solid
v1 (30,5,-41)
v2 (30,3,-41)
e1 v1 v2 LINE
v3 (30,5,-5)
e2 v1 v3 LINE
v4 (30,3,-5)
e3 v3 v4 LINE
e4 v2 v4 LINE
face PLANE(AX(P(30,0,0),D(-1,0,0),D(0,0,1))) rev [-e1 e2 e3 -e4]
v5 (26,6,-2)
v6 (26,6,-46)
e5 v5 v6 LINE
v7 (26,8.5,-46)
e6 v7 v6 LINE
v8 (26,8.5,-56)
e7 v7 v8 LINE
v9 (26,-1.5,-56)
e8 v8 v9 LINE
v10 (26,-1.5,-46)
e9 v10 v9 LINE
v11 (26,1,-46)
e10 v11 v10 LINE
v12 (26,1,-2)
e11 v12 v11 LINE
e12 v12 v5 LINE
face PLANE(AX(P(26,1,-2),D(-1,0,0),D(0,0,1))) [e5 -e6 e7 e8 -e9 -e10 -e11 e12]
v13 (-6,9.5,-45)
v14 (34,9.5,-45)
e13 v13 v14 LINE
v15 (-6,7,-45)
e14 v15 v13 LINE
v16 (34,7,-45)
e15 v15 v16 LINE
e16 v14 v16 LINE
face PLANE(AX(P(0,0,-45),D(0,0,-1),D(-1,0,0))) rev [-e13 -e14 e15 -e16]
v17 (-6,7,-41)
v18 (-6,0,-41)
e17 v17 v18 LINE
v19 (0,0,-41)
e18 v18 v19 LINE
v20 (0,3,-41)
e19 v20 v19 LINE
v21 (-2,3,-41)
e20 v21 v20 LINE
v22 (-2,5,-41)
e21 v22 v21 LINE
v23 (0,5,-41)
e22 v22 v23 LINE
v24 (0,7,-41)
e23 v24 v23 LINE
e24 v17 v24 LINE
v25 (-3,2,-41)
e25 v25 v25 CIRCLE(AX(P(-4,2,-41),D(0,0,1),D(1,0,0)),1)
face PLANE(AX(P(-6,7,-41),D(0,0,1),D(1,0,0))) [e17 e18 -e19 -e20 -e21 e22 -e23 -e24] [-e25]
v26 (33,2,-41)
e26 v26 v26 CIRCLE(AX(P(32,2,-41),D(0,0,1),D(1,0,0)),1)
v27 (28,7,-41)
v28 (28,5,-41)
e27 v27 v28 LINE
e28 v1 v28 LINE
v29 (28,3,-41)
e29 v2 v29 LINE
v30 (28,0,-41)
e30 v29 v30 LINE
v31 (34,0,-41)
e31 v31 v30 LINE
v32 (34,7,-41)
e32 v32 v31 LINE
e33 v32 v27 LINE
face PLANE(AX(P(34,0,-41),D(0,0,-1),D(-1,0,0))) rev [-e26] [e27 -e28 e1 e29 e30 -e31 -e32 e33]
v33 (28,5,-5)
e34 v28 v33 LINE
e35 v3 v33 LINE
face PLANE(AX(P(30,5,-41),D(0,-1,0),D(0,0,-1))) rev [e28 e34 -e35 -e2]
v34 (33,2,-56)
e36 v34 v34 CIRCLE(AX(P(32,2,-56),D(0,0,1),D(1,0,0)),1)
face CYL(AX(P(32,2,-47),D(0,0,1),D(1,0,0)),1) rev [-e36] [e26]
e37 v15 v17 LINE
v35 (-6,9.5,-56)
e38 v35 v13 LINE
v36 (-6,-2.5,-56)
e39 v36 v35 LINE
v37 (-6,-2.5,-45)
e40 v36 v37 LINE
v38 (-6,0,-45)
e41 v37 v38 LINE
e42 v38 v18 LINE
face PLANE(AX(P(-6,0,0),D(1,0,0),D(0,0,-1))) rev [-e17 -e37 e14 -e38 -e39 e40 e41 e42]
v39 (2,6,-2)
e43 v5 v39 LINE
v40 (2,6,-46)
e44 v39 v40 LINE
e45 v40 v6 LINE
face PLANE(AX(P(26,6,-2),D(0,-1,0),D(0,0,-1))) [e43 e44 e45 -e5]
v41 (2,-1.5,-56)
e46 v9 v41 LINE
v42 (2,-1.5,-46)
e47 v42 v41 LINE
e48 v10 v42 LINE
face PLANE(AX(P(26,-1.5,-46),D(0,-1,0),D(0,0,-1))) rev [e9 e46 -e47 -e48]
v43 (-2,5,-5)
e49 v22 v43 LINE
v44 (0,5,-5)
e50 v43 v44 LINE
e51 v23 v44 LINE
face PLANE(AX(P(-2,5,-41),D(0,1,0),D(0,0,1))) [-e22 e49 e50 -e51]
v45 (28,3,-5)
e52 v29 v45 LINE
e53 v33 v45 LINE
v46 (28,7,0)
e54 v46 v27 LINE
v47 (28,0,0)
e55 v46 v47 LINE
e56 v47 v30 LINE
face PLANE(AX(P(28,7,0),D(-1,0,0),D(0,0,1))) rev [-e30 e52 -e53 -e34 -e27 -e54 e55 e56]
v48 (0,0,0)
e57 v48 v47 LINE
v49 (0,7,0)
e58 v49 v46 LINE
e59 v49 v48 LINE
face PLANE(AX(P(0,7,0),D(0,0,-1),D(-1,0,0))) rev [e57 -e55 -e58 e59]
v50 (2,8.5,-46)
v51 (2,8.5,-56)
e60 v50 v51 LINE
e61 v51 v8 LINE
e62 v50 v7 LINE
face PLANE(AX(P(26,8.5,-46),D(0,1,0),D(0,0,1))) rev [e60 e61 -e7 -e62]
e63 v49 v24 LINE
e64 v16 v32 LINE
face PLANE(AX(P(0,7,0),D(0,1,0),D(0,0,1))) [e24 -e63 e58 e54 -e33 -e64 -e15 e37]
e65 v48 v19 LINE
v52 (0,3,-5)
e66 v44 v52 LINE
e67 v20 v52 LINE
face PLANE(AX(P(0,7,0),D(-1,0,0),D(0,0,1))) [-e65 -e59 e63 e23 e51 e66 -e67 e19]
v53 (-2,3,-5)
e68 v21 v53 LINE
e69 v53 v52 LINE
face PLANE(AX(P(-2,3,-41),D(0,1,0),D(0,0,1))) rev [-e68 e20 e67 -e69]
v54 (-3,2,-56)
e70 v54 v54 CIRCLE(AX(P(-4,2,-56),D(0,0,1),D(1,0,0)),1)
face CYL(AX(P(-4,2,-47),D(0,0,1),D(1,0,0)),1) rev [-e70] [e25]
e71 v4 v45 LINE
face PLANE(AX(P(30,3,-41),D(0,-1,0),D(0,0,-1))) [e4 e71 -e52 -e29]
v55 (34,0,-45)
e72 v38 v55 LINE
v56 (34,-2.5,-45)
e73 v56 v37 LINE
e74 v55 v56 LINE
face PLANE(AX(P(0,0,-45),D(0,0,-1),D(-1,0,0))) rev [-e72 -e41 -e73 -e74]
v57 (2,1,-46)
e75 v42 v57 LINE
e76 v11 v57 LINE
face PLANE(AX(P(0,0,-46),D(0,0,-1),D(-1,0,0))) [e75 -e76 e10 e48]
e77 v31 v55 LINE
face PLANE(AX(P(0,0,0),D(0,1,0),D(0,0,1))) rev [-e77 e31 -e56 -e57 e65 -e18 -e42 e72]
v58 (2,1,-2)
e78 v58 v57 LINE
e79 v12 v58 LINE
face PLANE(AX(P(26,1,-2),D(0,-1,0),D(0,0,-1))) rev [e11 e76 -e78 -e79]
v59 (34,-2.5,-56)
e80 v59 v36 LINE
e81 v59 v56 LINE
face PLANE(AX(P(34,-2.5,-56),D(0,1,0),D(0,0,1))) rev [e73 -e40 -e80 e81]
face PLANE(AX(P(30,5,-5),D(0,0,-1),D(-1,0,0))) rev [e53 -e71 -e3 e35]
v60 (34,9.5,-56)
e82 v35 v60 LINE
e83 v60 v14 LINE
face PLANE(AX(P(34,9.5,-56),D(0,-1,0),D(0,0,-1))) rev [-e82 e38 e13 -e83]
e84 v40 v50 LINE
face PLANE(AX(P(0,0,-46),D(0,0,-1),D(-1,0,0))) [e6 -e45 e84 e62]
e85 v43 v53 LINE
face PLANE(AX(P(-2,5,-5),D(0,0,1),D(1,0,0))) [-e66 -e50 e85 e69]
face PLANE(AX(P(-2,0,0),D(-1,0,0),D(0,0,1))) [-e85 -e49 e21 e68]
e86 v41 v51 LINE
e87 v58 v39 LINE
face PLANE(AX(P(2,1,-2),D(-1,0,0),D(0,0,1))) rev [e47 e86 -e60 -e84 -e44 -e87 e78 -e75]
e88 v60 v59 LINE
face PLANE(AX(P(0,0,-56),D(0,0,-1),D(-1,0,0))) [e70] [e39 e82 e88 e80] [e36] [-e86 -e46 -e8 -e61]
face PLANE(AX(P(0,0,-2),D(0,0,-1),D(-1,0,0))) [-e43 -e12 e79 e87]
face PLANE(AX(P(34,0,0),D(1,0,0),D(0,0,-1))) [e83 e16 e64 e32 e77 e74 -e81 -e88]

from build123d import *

# Parameters (mm, degrees)
SKETCH1_W            = 28
SKETCH1_H            = 45
BOSS_EXTRUDE1_DEPTH  = 7
SKETCH7_W            = 4
SKETCH7_H            = 7
BOSS_EXTRUDE2_DEPTH  = 6
SKETCH6_W            = 4
SKETCH6_H            = 7
BOSS_EXTRUDE3_DEPTH  = 6
SKETCH10_R           = 1
CUT_EXTRUDE1_DEPTH   = 6
SKETCH11_W           = 24
SKETCH11_H           = 5
CUT_EXTRUDE2_DEPTH   = 43
SKETCH16_W           = 36
SKETCH16_H           = 2
BOSS_EXTRUDE7_DEPTH  = 2
SKETCH17_W           = 36
SKETCH17_H           = 2
BOSS_EXTRUDE8_DEPTH  = 2
SKETCH30_W           = 40
SKETCH30_H           = 12
BOSS_EXTRUDE13_DEPTH = 11
SKETCH31_W           = 24
SKETCH31_H           = 10
CUT_EXTRUDE11_DEPTH  = 10
SKETCH32_W           = 24
SKETCH32_H           = 5
CUT_EXTRUDE12_DEPTH  = 1
SKETCH33_R           = 1
CUT_EXTRUDE13_DEPTH  = 11
SKETCH34_R           = 1
CUT_EXTRUDE14_DEPTH  = 11


with BuildPart() as part:
    # Sketch1 → Boss-Extrude1 (new body)
    with BuildSketch(Plane(origin=(0, 0, 0), x_dir=(1, 0, 0), z_dir=(0, 1, 0))):
        with Locations((14, 22.5)):
            Rectangle(SKETCH1_W, SKETCH1_H)
    extrude(amount=BOSS_EXTRUDE1_DEPTH)

    # Sketch7 → Boss-Extrude2 (add)
    with BuildSketch(Plane(origin=(28, 0, 0), x_dir=(0, 0, -1), z_dir=(1, 0, 0))):
        with Locations((43, 3.5)):
            Rectangle(SKETCH7_W, SKETCH7_H)
    extrude(amount=BOSS_EXTRUDE2_DEPTH)

    # Sketch6 → Boss-Extrude3 (add)
    with BuildSketch(Plane.ZY):
        with Locations((-43, 3.5)):
            Rectangle(SKETCH6_W, SKETCH6_H)
    extrude(amount=BOSS_EXTRUDE3_DEPTH)

    # Sketch10 → Cut-Extrude1 (cut)
    with BuildSketch(Plane.XY.offset(-41)):
        with Locations((-4, 2)):
            Circle(SKETCH10_R)
        with Locations((32, 2)):
            Circle(SKETCH10_R)
    extrude(amount=-CUT_EXTRUDE1_DEPTH, mode=Mode.SUBTRACT)

    # Sketch11 → Cut-Extrude2 (cut)
    with BuildSketch(Plane(origin=(0, 0, -45), x_dir=(-1, 0, 0), z_dir=(0, 0, -1))):
        with Locations((-14, 3.5)):
            Rectangle(SKETCH11_W, SKETCH11_H)
    extrude(amount=-CUT_EXTRUDE2_DEPTH, mode=Mode.SUBTRACT)

    # Sketch16 → Boss-Extrude7 (add)
    with BuildSketch(Plane.ZY):
        with Locations((-23, 4)):
            Rectangle(SKETCH16_W, SKETCH16_H)
    extrude(amount=BOSS_EXTRUDE7_DEPTH)

    # Sketch17 → Boss-Extrude8 (add)
    with BuildSketch(Plane(origin=(28, 0, 0), x_dir=(0, 0, -1), z_dir=(1, 0, 0))):
        with Locations((23, 4)):
            Rectangle(SKETCH17_W, SKETCH17_H)
    extrude(amount=BOSS_EXTRUDE8_DEPTH)

    # Sketch30 → Boss-Extrude13 (add)
    with BuildSketch(Plane(origin=(0, 0, -45), x_dir=(-1, 0, 0), z_dir=(0, 0, -1))):
        with Locations((-14, 3.5)):
            Rectangle(SKETCH30_W, SKETCH30_H)
    extrude(amount=BOSS_EXTRUDE13_DEPTH)

    # Sketch31 → Cut-Extrude11 (cut)
    with BuildSketch(Plane(origin=(0, 0, -56), x_dir=(-1, 0, 0), z_dir=(0, 0, -1))):
        with Locations((-14, 3.5)):
            Rectangle(SKETCH31_W, SKETCH31_H)
    extrude(amount=-CUT_EXTRUDE11_DEPTH, mode=Mode.SUBTRACT)

    # Sketch32 → Cut-Extrude12 (cut)
    with BuildSketch(Plane(origin=(0, 0, -46), x_dir=(-1, 0, 0), z_dir=(0, 0, -1))):
        with Locations((-14, 3.5)):
            Rectangle(SKETCH32_W, SKETCH32_H)
    extrude(amount=-CUT_EXTRUDE12_DEPTH, mode=Mode.SUBTRACT)

    # Sketch33 → Cut-Extrude13 (cut)
    with BuildSketch(Plane.XY.offset(-45)):
        with Locations((32, 2)):
            Circle(SKETCH33_R)
    extrude(amount=-CUT_EXTRUDE13_DEPTH, mode=Mode.SUBTRACT)

    # Sketch34 → Cut-Extrude14 (cut)
    with BuildSketch(Plane.XY.offset(-45)):
        with Locations((-4, 2)):
            Circle(SKETCH34_R)
    extrude(amount=-CUT_EXTRUDE14_DEPTH, mode=Mode.SUBTRACT)


solid = part.part
